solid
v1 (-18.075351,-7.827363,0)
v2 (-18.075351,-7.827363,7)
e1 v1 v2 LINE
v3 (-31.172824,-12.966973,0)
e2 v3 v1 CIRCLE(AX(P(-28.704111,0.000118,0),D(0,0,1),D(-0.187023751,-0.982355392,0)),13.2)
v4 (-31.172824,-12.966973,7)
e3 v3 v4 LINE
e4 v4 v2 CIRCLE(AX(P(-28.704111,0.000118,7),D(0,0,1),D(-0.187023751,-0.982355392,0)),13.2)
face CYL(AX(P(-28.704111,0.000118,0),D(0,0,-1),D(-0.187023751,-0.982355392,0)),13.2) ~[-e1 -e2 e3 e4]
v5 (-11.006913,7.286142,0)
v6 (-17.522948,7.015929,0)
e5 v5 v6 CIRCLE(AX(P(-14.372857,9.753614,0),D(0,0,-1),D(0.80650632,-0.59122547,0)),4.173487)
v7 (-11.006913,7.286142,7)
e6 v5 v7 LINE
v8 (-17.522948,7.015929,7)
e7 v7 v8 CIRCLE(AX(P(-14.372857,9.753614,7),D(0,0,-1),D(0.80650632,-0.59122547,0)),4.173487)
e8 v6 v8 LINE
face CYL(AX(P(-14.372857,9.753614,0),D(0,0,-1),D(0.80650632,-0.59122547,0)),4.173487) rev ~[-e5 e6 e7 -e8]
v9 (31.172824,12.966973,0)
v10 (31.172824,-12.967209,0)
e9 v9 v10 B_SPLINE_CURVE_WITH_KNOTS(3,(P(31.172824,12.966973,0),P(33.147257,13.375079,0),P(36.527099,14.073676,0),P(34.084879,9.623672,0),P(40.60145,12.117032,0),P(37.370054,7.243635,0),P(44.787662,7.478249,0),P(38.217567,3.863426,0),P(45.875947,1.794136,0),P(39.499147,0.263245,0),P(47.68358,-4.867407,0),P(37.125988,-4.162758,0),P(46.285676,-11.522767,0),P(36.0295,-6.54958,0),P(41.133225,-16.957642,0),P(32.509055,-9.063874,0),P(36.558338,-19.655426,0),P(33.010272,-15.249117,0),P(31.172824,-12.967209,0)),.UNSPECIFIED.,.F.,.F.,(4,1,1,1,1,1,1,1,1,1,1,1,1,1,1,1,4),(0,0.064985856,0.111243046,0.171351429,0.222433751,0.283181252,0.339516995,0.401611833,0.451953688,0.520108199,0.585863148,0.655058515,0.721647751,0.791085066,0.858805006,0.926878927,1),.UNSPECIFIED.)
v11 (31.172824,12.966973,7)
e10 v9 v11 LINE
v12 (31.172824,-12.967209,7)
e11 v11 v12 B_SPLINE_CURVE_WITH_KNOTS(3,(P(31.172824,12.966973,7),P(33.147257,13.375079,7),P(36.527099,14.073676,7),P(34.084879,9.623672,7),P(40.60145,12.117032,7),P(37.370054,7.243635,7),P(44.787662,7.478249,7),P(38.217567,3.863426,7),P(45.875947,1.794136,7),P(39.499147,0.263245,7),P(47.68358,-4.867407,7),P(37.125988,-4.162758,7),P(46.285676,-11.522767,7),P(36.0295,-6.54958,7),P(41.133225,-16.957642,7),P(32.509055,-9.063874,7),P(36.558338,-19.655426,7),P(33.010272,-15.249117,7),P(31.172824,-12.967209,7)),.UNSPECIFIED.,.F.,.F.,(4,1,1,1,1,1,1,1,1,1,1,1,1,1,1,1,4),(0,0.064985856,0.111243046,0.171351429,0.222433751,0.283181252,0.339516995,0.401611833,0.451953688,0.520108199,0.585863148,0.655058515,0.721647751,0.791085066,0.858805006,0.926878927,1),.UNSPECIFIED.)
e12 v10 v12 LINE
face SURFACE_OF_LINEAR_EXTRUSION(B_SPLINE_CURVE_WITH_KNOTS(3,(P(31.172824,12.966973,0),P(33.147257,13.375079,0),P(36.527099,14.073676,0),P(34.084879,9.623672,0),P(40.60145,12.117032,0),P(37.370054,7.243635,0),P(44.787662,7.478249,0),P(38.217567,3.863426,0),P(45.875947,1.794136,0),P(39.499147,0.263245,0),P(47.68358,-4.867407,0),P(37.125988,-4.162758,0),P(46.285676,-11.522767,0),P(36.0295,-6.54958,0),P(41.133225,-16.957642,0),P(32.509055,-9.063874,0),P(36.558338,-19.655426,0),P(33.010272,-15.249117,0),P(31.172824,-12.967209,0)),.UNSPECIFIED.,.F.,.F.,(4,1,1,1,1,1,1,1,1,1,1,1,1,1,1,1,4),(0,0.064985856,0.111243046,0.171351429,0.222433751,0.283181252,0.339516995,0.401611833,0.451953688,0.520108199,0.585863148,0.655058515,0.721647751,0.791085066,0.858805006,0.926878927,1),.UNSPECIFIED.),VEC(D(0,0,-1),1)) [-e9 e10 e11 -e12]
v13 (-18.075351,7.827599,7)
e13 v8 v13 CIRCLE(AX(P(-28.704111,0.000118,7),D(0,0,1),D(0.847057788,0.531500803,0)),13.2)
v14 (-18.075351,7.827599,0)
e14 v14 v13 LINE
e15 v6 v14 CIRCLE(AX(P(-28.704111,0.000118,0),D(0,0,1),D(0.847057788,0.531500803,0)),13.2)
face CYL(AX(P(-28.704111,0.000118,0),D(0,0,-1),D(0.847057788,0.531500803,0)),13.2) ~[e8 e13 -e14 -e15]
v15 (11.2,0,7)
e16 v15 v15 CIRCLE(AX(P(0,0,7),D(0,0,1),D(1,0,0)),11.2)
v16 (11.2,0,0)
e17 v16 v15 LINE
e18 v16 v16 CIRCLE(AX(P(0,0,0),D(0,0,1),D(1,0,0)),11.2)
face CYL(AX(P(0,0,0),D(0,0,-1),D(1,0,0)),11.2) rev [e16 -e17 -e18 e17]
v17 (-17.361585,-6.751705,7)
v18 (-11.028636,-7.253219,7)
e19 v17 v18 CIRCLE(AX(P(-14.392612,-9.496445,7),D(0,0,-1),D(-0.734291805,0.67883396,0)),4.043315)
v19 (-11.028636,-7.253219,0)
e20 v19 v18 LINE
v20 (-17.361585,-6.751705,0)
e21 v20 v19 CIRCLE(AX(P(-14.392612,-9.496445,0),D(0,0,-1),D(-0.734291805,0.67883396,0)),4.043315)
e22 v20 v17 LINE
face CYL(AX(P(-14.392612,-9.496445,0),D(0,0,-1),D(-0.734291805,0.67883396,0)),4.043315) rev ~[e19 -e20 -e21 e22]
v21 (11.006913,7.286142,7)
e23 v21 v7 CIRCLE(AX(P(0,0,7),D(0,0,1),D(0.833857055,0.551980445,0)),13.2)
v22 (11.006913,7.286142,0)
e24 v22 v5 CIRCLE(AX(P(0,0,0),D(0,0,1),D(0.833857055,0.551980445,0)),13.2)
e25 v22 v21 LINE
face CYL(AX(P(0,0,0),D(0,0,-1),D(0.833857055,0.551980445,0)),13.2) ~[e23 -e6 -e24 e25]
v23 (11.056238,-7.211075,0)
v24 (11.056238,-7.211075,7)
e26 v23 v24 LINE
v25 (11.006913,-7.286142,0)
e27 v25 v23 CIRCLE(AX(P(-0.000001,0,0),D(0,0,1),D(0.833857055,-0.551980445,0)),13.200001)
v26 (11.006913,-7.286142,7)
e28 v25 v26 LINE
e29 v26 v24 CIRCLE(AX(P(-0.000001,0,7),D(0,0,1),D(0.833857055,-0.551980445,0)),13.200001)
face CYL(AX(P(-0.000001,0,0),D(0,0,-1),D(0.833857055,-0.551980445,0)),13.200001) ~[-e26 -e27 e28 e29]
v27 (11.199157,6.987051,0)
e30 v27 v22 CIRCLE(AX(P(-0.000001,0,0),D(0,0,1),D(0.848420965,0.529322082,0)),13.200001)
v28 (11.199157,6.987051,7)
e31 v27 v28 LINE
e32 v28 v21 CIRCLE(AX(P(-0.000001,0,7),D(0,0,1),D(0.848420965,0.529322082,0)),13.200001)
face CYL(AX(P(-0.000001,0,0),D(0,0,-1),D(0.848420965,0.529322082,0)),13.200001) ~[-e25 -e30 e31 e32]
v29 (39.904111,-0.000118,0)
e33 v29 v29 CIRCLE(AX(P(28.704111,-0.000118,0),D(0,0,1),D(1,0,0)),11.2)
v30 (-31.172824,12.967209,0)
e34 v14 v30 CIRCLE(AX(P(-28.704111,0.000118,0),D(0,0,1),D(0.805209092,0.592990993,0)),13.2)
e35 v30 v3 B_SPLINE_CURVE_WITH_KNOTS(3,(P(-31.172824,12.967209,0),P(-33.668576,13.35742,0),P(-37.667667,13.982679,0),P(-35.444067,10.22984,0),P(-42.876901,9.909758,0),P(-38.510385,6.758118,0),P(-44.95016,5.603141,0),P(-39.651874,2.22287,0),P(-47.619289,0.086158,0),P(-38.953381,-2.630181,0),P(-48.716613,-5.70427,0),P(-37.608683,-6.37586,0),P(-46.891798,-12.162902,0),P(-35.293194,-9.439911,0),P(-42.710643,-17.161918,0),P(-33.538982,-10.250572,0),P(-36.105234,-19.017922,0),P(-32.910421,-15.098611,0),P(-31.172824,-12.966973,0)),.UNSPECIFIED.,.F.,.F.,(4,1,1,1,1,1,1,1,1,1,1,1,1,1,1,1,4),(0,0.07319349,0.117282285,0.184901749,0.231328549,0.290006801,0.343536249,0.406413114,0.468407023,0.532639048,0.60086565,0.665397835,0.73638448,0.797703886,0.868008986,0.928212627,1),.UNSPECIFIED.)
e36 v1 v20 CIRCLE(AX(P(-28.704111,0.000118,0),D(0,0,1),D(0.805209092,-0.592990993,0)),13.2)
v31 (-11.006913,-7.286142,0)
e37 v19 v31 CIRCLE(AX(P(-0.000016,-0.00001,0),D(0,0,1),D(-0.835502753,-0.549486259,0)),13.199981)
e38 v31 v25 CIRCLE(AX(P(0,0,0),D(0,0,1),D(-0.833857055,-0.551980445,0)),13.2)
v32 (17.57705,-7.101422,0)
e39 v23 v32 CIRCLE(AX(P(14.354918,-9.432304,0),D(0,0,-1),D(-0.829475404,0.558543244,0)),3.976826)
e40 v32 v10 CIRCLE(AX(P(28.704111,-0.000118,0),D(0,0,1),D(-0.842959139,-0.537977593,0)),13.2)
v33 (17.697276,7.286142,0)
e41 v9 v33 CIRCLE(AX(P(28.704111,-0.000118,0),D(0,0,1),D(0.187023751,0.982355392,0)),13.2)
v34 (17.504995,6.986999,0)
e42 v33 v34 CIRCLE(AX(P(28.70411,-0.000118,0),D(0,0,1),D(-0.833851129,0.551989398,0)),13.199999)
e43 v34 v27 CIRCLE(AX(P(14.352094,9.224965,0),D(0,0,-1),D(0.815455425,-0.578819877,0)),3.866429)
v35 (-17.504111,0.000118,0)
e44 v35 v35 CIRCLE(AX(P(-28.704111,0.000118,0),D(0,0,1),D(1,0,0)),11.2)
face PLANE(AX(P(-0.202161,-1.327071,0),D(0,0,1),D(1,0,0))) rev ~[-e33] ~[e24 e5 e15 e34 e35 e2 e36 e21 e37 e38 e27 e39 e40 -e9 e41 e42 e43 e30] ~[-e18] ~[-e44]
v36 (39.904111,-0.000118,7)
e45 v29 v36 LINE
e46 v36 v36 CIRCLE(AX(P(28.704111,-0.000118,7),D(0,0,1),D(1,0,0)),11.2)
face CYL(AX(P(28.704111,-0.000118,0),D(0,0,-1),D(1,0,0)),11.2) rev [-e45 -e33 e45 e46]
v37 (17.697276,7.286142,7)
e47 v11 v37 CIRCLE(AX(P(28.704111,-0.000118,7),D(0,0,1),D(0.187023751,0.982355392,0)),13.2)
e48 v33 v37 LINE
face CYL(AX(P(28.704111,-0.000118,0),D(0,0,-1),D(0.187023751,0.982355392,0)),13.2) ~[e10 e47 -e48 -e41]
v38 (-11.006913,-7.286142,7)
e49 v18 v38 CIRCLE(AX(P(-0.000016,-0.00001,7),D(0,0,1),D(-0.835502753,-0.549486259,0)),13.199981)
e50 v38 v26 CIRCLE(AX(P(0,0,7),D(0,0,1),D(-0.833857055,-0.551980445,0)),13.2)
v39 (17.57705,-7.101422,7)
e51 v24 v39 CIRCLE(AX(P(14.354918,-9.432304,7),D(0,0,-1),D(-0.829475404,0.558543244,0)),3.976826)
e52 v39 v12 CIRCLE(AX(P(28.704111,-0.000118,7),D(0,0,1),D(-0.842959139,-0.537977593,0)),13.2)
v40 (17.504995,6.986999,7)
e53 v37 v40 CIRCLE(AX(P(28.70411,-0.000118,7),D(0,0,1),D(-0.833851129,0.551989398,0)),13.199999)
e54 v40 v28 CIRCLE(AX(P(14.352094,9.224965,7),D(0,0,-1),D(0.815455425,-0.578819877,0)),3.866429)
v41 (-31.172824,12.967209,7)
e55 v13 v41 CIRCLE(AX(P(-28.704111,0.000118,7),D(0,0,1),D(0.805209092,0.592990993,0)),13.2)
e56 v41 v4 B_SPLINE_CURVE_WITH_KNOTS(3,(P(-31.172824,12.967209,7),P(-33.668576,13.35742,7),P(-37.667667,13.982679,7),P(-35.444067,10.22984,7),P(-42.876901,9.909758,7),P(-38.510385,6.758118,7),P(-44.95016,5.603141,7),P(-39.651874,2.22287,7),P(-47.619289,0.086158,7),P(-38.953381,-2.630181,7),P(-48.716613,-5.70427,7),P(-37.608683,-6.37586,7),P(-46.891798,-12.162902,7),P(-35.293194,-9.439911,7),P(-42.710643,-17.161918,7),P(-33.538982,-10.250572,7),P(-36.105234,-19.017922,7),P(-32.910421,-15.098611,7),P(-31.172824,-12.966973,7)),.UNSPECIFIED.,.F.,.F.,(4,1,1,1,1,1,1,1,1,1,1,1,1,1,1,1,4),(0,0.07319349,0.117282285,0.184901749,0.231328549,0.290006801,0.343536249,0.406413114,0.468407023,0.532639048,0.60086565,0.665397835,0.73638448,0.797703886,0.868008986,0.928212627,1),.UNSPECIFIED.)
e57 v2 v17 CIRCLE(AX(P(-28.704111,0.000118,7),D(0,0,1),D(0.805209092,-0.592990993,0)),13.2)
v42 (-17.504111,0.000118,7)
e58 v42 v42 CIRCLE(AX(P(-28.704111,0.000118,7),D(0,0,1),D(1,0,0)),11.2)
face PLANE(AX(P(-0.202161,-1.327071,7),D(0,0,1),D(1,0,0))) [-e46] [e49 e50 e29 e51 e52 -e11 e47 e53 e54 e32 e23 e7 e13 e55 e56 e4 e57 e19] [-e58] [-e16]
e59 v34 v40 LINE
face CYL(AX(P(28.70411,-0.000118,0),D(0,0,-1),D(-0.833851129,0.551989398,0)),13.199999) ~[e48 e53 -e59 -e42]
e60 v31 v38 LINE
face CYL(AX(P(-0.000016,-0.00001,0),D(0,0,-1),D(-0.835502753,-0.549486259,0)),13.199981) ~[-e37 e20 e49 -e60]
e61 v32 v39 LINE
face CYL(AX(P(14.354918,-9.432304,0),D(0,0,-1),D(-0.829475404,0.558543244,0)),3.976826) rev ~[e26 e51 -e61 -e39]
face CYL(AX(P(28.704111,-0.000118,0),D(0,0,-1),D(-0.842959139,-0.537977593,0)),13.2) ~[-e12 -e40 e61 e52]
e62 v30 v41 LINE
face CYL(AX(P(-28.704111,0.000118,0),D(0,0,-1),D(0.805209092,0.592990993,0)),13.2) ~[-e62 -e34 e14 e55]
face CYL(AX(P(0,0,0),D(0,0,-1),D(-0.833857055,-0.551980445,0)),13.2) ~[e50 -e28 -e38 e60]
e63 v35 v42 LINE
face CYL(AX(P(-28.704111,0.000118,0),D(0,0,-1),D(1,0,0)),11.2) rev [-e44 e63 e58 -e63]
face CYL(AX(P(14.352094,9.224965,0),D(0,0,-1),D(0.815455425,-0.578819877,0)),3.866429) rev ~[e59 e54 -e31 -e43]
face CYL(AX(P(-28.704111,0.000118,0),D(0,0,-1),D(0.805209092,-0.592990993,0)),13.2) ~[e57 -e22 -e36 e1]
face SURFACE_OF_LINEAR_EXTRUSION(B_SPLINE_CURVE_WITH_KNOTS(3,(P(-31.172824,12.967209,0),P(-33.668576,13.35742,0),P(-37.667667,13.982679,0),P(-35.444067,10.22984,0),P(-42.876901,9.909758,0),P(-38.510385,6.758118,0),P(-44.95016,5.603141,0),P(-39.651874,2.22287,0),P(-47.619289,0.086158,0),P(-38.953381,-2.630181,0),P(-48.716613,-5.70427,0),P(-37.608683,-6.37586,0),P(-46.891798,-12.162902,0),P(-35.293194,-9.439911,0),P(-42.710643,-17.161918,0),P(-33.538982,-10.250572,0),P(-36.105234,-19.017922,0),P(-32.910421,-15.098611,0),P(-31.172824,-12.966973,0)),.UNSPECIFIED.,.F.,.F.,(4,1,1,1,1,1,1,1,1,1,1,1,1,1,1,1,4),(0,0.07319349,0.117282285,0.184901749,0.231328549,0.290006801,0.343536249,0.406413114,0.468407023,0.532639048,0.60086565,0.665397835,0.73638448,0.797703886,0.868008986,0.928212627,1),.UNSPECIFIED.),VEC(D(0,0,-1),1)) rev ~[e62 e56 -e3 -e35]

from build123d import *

# Parameters (mm, degrees)
F0_R     = 11.2
F1_DEPTH = 7


with BuildPart() as f1:
    # F0 (on Top) → F1 (new body)
    with BuildSketch(Plane.XY):
        with BuildLine():
            ThreePointArc((-17.3615851536, -6.7517051516), (-14.0734166579, -5.4657486659), (-11.0286363325, -7.2532186404))
            ThreePointArc((-11.0286363325, -7.2532186404), (-11.0177870265, -7.2696883729), (-11.0069131253, -7.286141877))
            ThreePointArc((-11.0069131253, -7.286141877), (0, -13.2), (11.0069131253, -7.286141877))
            ThreePointArc((11.0069131253, -7.286141877), (11.0313637436, -7.2484689333), (11.056238252, -7.2110745187))
            ThreePointArc((11.056238252, -7.2110745187), (14.2880538511, -5.4560399654), (17.577049901, -7.101422393))
            ThreePointArc((17.577049901, -7.101422393), (23.4749989569, -12.1202003482), (31.172824039, -12.9672093416))
            add(Edge.make_bspline(
                [(31.172824039, 12.9669730139), (33.1472569215, 13.3750788385), (36.5270989335, 14.073676002), (34.0848793574, 9.6236715606), (40.6014495711, 12.1170323813), (37.3700538834, 7.2436354995), (44.7876619614, 7.4782490341), (38.2175668627, 3.8634255474), (45.8759470709, 1.7941364893), (39.4991474585, 0.2632448007), (47.6835798981, -4.8674074816), (37.1259875275, -4.1627578238), (46.285675918, -11.5227665888), (36.0294996681, -6.549579837), (41.1332245893, -16.9576416249), (32.5090552202, -9.063873769), (36.558337537, -19.6554257582), (33.0102715582, -15.2491174024), (31.172824039, -12.9672093416)],
                knots=[0, 0, 0, 0, 0.0649858564, 0.1112430459, 0.1713514285, 0.2224337514, 0.2831812516, 0.3395169946, 0.4016118326, 0.4519536883, 0.5201081995, 0.5858631477, 0.6550585148, 0.7216477508, 0.7910850665, 0.8588050055, 0.9268789267, 1, 1, 1, 1], degree=3))
            ThreePointArc((31.172824039, 12.9669730139), (23.5764561109, 12.1632349987), (17.6972756256, 7.286141877))
            ThreePointArc((17.6972756256, 7.286141877), (17.6045762093, 7.1343587219), (17.5049948359, 6.9869991005))
            ThreePointArc((17.5049948359, 6.9869991005), (14.3520622642, 5.3585360814), (11.1991567422, 6.9870514714))
            ThreePointArc((11.1991567422, 6.9870514714), (11.0995951789, 7.1343857343), (11.0069131253, 7.286141877))
            ThreePointArc((11.0069131253, 7.286141877), (0, 13.2), (-11.0069131253, 7.286141877))
            ThreePointArc((-11.0069131253, 7.286141877), (-14.1999351169, 5.5837106635), (-17.5229477255, 7.015928761))
            ThreePointArc((-17.5229477255, 7.015928761), (-17.8231004563, 7.4054633276), (-18.0753505093, 7.8275992669))
            ThreePointArc((-18.0753505093, 7.8275992669), (-23.8822345778, 12.2878971454), (-31.172824039, 12.9672093416))
            add(Edge.make_bspline(
                [(-31.172824039, 12.9672093416), (-33.668575774, 13.3574203897), (-37.6676673096, 13.9826787749), (-35.4440669632, 10.2298395243), (-42.8769013579, 9.9097577915), (-38.5103852227, 6.7581183317), (-44.9501602051, 5.6031411678), (-39.6518743706, 2.2228702384), (-47.6192886432, 0.0861583281), (-38.9533813355, -2.6301808201), (-48.7166130261, -5.7042698906), (-37.6086827751, -6.3758604791), (-46.8917982625, -12.1629015399), (-35.2931938629, -9.439911342), (-42.7106434868, -17.1619178036), (-33.5389820975, -10.2505720078), (-36.1052342818, -19.0179223669), (-32.9104213317, -15.098611036), (-31.172824039, -12.9669730139)],
                knots=[0, 0, 0, 0, 0.07319349, 0.117282285, 0.1849017492, 0.2313285492, 0.2900068012, 0.3435362494, 0.4064131142, 0.4684070228, 0.532639048, 0.60086565, 0.6653978355, 0.73638448, 0.7977038863, 0.8680089861, 0.9282126272, 1, 1, 1, 1], degree=3))
            ThreePointArc((-31.172824039, -12.9669730139), (-23.8822345778, -12.2876608177), (-18.0753505093, -7.8273629392))
            ThreePointArc((-18.0753505093, -7.8273629392), (-17.7616737298, -7.2608642642), (-17.3615851536, -6.7517051516))
        make_face()
        with Locations((-28.7041105302, 0.0001181638)):
            Circle(F0_R, mode=Mode.SUBTRACT)
        Circle(F0_R, mode=Mode.SUBTRACT)
        with Locations((28.7041105302, -0.0001181638)):
            Circle(F0_R, mode=Mode.SUBTRACT)
        with BuildLine():
            ThreePointArc((-18.0753505093, -7.8273629392), (-17.7053103491, -7.2982648473), (-17.3615851536, -6.7517051516))
            ThreePointArc((-17.3615851536, -6.7517051516), (-17.7616737298, -7.2608642642), (-18.0753505093, -7.8273629392))
        make_face()
        with BuildLine():
            ThreePointArc((11.056238252, -7.2110745187), (11.0313637436, -7.2484689333), (11.0069131253, -7.286141877))
            ThreePointArc((11.0069131253, -7.286141877), (11.0316395405, -7.2486501535), (11.056238252, -7.2110745187))
        make_face()
        with BuildLine():
            ThreePointArc((-17.5229477255, 7.015928761), (-17.7916000185, 7.4269017431), (-18.0753505093, 7.8275992669))
            ThreePointArc((-18.0753505093, 7.8275992669), (-17.8231004563, 7.4054633276), (-17.5229477255, 7.015928761))
        make_face()
        with BuildLine():
            ThreePointArc((17.5049948359, 6.9869991005), (17.6045762093, 7.1343587219), (17.6972756256, 7.286141877))
            ThreePointArc((17.6972756256, 7.286141877), (17.6001278167, 7.1372180269), (17.5049948359, 6.9869991005))
        make_face()
        with BuildLine():
            ThreePointArc((11.1991567422, 6.9870514714), (11.1040419896, 7.1372439703), (11.0069131253, 7.286141877))
            ThreePointArc((11.0069131253, 7.286141877), (11.0995951789, 7.1343857343), (11.1991567422, 6.9870514714))
        make_face()
    extrude(amount=F1_DEPTH)


solid = f1.part
